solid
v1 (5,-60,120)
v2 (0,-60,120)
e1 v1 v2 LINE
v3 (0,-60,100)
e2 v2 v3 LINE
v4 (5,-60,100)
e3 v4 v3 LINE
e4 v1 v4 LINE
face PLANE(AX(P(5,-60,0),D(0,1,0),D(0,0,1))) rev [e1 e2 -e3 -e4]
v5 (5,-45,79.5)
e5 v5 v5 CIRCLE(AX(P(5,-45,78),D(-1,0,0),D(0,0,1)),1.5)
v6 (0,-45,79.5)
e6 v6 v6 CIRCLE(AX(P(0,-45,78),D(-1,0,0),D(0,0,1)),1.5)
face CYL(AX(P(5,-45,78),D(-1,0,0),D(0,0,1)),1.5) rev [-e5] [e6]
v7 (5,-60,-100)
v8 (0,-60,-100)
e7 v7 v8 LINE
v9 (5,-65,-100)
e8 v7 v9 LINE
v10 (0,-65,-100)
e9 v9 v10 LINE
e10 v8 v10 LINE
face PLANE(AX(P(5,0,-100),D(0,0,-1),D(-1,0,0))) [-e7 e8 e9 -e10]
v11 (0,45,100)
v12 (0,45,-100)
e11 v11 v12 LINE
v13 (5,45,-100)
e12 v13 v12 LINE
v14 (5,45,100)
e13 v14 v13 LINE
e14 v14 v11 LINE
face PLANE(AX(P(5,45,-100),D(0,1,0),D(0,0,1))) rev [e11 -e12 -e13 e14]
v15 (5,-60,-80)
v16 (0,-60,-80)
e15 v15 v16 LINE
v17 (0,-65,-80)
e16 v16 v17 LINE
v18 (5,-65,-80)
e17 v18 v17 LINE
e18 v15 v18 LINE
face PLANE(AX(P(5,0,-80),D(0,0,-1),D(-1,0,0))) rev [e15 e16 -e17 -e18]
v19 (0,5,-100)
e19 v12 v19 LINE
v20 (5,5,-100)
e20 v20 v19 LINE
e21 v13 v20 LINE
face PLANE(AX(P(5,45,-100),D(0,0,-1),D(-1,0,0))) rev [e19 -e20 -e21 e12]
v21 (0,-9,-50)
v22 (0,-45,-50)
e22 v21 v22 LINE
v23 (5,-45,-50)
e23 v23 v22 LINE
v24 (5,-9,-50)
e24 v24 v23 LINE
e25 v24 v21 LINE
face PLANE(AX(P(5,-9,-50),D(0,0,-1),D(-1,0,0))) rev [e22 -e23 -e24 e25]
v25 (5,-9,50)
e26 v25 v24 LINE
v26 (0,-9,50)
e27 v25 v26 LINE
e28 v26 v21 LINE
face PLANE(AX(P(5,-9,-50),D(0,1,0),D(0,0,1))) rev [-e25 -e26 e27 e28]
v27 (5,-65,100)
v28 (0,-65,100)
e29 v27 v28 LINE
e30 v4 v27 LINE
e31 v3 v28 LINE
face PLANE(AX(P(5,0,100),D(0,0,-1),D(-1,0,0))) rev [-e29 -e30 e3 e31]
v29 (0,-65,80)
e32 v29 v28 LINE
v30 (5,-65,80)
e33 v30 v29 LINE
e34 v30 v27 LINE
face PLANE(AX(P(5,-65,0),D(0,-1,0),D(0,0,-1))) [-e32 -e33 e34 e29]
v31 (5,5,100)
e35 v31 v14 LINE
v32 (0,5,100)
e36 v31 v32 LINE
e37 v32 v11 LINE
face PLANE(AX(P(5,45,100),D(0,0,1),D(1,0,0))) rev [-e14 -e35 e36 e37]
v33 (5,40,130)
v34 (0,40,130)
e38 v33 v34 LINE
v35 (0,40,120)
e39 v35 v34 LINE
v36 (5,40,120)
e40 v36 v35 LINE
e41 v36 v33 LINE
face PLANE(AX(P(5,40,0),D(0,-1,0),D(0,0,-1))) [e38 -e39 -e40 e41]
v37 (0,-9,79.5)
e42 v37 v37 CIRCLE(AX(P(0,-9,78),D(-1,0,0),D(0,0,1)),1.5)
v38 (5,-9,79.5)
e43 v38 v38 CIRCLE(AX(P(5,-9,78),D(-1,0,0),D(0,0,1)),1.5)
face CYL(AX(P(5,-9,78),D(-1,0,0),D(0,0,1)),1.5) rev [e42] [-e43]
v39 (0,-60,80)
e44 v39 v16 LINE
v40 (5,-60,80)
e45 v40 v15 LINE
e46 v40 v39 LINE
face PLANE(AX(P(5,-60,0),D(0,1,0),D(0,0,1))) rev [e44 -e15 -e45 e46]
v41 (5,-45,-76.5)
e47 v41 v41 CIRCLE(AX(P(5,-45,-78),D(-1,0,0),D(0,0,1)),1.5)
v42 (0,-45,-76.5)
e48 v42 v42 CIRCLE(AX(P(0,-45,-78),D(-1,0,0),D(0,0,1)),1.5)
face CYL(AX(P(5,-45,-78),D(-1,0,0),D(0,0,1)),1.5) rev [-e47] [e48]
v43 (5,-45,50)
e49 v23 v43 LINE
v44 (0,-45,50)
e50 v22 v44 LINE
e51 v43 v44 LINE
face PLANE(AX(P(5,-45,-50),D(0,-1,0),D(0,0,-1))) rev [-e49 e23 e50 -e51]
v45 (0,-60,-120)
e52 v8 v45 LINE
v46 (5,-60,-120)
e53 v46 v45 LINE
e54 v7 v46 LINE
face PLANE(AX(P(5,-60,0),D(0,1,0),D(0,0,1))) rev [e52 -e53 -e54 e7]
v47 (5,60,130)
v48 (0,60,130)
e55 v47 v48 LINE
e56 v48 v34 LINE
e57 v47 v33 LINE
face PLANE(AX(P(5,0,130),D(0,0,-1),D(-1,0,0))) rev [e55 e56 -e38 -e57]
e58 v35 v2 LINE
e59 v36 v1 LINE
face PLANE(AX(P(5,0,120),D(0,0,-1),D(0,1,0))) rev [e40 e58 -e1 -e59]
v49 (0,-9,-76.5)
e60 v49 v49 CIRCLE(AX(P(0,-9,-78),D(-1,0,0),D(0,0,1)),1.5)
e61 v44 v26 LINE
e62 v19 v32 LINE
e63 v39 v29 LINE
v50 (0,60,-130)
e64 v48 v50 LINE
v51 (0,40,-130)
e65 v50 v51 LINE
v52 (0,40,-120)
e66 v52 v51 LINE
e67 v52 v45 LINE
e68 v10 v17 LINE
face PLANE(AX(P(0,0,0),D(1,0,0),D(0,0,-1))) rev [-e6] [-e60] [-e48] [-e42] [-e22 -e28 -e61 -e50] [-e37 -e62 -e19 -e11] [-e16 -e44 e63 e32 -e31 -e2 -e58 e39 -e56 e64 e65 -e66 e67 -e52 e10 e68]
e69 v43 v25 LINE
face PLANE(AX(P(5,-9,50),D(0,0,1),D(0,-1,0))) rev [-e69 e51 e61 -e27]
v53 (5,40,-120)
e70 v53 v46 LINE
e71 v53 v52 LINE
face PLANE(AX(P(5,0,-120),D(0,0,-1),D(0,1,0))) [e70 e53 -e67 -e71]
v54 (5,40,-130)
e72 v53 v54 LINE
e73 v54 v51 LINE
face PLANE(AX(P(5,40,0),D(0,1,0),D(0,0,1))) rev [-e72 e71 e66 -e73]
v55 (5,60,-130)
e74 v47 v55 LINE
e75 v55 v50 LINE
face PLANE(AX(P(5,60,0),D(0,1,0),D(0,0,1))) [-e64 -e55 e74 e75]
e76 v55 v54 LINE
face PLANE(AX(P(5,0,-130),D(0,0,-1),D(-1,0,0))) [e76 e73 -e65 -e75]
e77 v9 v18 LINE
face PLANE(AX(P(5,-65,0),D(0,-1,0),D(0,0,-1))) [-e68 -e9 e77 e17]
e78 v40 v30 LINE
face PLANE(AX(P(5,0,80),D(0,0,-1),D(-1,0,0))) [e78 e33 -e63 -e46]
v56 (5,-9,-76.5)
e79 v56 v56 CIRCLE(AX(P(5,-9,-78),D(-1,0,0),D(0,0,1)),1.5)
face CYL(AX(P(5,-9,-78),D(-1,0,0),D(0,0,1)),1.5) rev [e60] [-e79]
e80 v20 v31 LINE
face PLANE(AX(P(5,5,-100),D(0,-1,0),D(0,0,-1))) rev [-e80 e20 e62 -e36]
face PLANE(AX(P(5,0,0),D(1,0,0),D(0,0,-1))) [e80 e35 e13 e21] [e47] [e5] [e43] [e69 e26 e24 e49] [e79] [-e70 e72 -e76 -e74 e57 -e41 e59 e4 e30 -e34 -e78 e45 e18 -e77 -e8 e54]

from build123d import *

# Parameters (mm, degrees)
SKIZZE2_W                       = 240
SKIZZE2_H                       = 120
SKIZZE2_W_2                     = 10
SKIZZE2_H_2                     = 20
SKIZZE2_W_3                     = 20
SKIZZE2_H_3                     = 5
AUFSATZ_LINEAR_AUSTRAGEN1_DEPTH = 5
SKIZZE3_R                       = 1.5
SKIZZE3_W                       = 100
SKIZZE3_H                       = 36
SKIZZE3_W_2                     = 200
SKIZZE3_H_2                     = 40
SCHNITT_LINEAR_AUSTRAGEN1_DEPTH = 146.430395722


with BuildPart() as part:
    # Skizze2 → Aufsatz-Linear austragen1 (new body)
    with BuildSketch(Plane(origin=(0, 0, 0), x_dir=(0, 0, -1), z_dir=(1, 0, 0))):
        Rectangle(SKIZZE2_W, SKIZZE2_H)
        with Locations((-125, 50)):
            Rectangle(SKIZZE2_W_2, SKIZZE2_H_2)
        with Locations((125, 50)):
            Rectangle(SKIZZE2_W_2, SKIZZE2_H_2)
        with Locations((-90, -62.5)):
            Rectangle(SKIZZE2_W_3, SKIZZE2_H_3)
        with Locations((90, -62.5)):
            Rectangle(SKIZZE2_W_3, SKIZZE2_H_3)
    extrude(amount=AUFSATZ_LINEAR_AUSTRAGEN1_DEPTH)

    # Skizze3 → Schnitt-Linear austragen1 (cut, through all)
    with BuildSketch(Plane.ZY):
        with Locations((-78, -9)):
            Circle(SKIZZE3_R)
        with Locations((78, -45)):
            Circle(SKIZZE3_R)
        with Locations((-78, -45)):
            Circle(SKIZZE3_R)
        with Locations((78, -9)):
            Circle(SKIZZE3_R)
        with Locations((0, -27)):
            Rectangle(SKIZZE3_W, SKIZZE3_H)
        with Locations((0, 25)):
            Rectangle(SKIZZE3_W_2, SKIZZE3_H_2)
    extrude(amount=-SCHNITT_LINEAR_AUSTRAGEN1_DEPTH, mode=Mode.SUBTRACT)


solid = part.part
